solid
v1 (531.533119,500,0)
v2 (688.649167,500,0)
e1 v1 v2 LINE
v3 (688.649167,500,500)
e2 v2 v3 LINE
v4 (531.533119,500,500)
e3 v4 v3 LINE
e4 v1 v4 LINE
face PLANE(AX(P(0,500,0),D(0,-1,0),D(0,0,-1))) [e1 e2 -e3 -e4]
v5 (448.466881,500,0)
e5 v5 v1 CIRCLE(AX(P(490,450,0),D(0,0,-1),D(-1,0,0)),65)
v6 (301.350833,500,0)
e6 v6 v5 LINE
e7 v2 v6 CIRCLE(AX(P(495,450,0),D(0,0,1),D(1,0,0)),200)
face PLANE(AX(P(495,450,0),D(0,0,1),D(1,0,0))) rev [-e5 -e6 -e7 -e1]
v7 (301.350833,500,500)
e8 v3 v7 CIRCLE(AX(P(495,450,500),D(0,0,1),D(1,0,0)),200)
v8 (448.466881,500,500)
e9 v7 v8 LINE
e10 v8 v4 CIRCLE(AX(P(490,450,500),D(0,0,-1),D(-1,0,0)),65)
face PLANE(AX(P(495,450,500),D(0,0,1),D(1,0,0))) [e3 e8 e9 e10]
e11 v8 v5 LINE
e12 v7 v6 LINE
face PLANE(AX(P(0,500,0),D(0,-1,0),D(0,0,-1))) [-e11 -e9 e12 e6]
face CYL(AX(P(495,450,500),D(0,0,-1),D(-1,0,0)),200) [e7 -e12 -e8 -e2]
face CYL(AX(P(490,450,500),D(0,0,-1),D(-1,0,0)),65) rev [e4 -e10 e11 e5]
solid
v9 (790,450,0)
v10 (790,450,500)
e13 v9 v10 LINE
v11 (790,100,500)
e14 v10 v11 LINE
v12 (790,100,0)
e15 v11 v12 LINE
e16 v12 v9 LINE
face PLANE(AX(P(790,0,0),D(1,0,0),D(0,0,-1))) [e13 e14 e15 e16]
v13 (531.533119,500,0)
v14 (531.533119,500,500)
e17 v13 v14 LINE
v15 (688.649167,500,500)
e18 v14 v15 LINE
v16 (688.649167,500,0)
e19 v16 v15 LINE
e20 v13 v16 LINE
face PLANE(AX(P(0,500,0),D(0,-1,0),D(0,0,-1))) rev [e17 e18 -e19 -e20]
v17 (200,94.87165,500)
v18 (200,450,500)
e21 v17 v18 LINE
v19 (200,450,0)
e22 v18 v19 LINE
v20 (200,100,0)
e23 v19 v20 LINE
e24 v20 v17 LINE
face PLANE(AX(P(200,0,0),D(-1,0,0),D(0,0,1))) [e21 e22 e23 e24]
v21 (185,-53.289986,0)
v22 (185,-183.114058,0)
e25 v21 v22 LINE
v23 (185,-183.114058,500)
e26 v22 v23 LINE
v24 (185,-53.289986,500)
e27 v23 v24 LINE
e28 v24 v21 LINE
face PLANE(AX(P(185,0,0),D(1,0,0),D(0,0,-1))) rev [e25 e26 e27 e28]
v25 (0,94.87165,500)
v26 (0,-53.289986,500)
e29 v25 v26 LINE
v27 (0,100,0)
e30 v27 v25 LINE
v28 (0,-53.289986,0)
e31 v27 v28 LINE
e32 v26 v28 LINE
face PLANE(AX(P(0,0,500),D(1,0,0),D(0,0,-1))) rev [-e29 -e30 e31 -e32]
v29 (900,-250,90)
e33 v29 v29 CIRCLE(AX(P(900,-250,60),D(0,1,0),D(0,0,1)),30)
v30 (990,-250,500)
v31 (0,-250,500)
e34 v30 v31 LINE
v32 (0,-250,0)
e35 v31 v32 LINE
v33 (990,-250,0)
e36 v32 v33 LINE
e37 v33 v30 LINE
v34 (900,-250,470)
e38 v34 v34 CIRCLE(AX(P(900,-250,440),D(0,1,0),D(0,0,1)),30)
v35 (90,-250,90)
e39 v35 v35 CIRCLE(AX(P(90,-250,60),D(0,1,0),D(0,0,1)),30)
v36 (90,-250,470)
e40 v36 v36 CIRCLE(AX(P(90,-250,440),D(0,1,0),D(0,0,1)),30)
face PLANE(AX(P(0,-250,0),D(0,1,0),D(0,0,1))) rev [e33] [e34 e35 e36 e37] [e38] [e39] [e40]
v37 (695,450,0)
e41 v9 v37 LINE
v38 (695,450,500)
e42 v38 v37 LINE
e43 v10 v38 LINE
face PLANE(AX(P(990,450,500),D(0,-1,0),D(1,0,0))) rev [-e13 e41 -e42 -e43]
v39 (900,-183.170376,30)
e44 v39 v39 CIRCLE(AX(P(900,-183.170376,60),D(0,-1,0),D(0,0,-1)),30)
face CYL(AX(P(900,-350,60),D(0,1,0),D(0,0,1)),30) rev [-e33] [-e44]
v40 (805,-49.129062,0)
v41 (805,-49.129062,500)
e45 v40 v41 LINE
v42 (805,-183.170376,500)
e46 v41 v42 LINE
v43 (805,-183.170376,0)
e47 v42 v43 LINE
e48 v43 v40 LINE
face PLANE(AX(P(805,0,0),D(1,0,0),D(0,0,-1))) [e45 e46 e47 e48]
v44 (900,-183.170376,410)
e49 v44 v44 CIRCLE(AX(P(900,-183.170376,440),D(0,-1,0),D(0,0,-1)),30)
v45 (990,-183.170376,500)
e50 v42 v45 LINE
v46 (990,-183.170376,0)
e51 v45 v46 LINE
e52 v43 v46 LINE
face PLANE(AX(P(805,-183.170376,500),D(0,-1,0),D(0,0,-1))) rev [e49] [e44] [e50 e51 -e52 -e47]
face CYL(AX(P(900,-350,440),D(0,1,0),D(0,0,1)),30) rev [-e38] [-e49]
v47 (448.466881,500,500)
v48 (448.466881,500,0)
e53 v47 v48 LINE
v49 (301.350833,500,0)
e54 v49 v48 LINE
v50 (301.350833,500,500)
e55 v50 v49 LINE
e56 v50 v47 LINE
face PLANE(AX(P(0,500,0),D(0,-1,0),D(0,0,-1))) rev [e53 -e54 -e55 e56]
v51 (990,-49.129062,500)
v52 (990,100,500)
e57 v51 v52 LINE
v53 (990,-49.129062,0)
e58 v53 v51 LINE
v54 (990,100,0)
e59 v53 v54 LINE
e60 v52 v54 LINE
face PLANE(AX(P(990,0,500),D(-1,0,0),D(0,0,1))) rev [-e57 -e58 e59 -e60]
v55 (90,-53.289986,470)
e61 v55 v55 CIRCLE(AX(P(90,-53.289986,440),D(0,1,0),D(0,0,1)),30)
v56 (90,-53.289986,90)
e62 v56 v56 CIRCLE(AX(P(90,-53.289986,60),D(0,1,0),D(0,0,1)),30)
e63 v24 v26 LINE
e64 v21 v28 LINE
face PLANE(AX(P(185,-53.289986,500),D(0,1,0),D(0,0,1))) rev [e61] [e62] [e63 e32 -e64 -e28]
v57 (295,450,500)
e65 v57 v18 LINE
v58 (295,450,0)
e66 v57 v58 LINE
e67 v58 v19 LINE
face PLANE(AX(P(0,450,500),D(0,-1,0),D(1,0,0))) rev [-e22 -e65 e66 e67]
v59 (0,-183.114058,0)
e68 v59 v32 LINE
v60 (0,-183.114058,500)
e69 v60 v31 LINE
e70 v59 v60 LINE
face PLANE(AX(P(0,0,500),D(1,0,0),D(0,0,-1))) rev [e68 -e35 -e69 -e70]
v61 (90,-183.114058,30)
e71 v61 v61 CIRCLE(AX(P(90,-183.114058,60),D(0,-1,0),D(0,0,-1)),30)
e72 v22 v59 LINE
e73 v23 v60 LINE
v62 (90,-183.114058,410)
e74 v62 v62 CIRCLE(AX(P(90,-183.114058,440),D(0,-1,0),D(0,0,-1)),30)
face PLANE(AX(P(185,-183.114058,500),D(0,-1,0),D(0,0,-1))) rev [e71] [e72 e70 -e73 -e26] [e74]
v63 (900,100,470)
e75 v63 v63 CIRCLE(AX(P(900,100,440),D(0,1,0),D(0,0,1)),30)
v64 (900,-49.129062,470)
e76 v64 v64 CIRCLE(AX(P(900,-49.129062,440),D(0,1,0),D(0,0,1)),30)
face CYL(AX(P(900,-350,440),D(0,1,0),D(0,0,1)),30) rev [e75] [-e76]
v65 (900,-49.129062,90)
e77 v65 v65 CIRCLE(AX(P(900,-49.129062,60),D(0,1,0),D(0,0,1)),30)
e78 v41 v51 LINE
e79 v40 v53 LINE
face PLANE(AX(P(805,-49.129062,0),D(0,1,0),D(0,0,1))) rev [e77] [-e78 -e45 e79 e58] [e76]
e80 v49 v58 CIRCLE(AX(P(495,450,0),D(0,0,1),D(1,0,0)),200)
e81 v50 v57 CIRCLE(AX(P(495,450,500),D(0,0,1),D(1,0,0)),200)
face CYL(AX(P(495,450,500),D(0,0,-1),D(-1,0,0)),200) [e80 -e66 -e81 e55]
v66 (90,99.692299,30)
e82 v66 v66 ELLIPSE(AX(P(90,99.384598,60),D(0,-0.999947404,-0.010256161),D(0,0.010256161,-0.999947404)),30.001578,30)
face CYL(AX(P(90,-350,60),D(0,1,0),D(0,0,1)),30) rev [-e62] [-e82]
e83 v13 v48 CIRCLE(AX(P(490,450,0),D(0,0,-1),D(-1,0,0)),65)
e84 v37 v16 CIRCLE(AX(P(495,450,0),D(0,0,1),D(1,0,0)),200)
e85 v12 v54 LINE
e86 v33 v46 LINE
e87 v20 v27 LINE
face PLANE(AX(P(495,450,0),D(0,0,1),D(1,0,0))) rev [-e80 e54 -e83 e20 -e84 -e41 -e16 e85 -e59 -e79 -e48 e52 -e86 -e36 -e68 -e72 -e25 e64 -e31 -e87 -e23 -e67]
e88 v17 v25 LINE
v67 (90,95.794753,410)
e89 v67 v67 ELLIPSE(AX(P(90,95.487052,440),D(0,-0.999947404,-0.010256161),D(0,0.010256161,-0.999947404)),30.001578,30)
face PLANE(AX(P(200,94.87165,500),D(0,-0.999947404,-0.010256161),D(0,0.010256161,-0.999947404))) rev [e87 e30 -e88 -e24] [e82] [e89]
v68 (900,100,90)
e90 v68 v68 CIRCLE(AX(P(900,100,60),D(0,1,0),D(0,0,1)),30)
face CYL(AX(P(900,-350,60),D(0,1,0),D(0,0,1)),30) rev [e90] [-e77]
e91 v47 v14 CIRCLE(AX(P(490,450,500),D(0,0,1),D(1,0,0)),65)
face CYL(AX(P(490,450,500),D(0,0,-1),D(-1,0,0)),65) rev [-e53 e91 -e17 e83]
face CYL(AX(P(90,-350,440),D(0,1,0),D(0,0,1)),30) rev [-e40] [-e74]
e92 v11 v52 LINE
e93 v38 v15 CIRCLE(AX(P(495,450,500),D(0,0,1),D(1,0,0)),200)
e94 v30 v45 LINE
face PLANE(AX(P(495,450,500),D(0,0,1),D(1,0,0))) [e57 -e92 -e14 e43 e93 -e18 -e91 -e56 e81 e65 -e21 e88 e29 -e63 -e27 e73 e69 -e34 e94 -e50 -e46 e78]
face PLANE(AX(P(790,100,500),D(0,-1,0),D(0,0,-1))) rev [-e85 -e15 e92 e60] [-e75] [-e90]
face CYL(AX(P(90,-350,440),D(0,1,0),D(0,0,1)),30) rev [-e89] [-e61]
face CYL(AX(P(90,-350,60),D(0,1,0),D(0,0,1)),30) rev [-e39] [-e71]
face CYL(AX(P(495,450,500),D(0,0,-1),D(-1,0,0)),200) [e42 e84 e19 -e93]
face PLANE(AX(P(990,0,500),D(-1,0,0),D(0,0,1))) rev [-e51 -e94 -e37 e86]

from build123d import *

# Parameters (mm, degrees)
BOSS_EXTRU_1_DEPTH       = 500
ESQUISSE2_W              = 990
ESQUISSE2_H              = 500
BOSS_EXTRU_2_DEPTH       = 250
ENL_V_MAT_EXTRU_6_DEPTH  = 200
ESQUISSE15_W             = 500
ESQUISSE15_H             = 350
ENL_V_MAT_EXTRU_7_DEPTH  = 200
ESQUISSE16_W             = 500
ESQUISSE16_H             = 134.041314403
ENL_V_MAT_EXTRU_8_DEPTH  = 185
ESQUISSE17_W             = 500
ESQUISSE17_H             = 129.824071981
ENL_V_MAT_EXTRU_9_DEPTH  = 185
ESQUISSE18_R             = 30
ENL_V_MAT_EXTRU_10_DEPTH = 450
ESQUISSE19_R             = 65
ENL_V_MAT_EXTRU_11_DEPTH = 500


with BuildPart() as part:
    # Esquisse1 → Boss.-Extru.1 (new body)
    with BuildSketch(Plane.XY):
        with BuildLine():
            Line((0, 0), (990, 0))
            Line((990, 0), (990, 450))
            Line((990, 450), (695, 450))
            ThreePointArc((695, 450), (495, 650), (295, 450))
            Line((295, 450), (0, 450))
            Line((0, 450), (0, 0))
        make_face()
    extrude(amount=BOSS_EXTRU_1_DEPTH)

    # Esquisse2 → Boss.-Extru.2 (add)
    with BuildSketch(Plane.XZ):
        with Locations((495, 250)):
            Rectangle(ESQUISSE2_W, ESQUISSE2_H)
    extrude(amount=BOSS_EXTRU_2_DEPTH)


with BuildPart() as body_2:
    # Fractionner2: the piece on the far side of the plane
    add(part.part)
    split(bisect_by=Plane(origin=(0, 500, 0), x_dir=(0, 0, -1), z_dir=(0, -1, 0)), keep=Keep.BOTTOM)


with BuildPart() as part_1:
    add(part.part)

    # Fractionner2
    split(bisect_by=Plane(origin=(0, 500, 0), x_dir=(0, 0, -1), z_dir=(0, -1, 0)), keep=Keep.TOP)

    # Esquisse14 → Enlèv. mat.-Extru.6 (cut)
    with BuildSketch(Plane.ZY):
        Polygon((500, 94.871649535), (0, 100), (0, 450), (500, 450), align=None)
    extrude(amount=-ENL_V_MAT_EXTRU_6_DEPTH, mode=Mode.SUBTRACT)

    # Esquisse15 → Enlèv. mat.-Extru.7 (cut)
    with BuildSketch(Plane(origin=(990, 0, 0), x_dir=(0, 0, -1), z_dir=(1, 0, 0))):
        with Locations((-250, 275)):
            Rectangle(ESQUISSE15_W, ESQUISSE15_H)
    extrude(amount=-ENL_V_MAT_EXTRU_7_DEPTH, mode=Mode.SUBTRACT)

    # Esquisse16 → Enlèv. mat.-Extru.8 (cut)
    with BuildSketch(Plane(origin=(990, 0, 0), x_dir=(0, 0, -1), z_dir=(1, 0, 0))):
        with Locations((-250, -116.14971871)):
            Rectangle(ESQUISSE16_W, ESQUISSE16_H)
    extrude(amount=-ENL_V_MAT_EXTRU_8_DEPTH, mode=Mode.SUBTRACT)

    # Esquisse17 → Enlèv. mat.-Extru.9 (cut)
    with BuildSketch(Plane.ZY):
        with Locations((250, -118.202021533)):
            Rectangle(ESQUISSE17_W, ESQUISSE17_H)
    extrude(amount=-ENL_V_MAT_EXTRU_9_DEPTH, mode=Mode.SUBTRACT)

    # Esquisse18 → Enlèv. mat.-Extru.10 (cut)
    with BuildSketch(Plane(origin=(0, 100, 0), x_dir=(1, 0, 0), z_dir=(0, 1, 0))):
        with Locations(Location((900, -440, 0), (0, 0, 270))):
            Circle(ESQUISSE18_R)
        with Locations(Location((900, -60, 0), (0, 0, 270))):
            Circle(ESQUISSE18_R)
        with Locations(Location((90, -440, 0), (0, 0, 270))):
            Circle(ESQUISSE18_R)
        with Locations(Location((90, -60, 0), (0, 0, 270))):
            Circle(ESQUISSE18_R)
    extrude(amount=-ENL_V_MAT_EXTRU_10_DEPTH, mode=Mode.SUBTRACT)


with BuildPart() as enl_v_mat_extru_11_tool:
    # Esquisse19 → Enlèv. mat.-Extru.11 (new body)
    with BuildSketch(Plane(origin=(0, 0, 0), x_dir=(-1, 0, 0), z_dir=(0, 0, -1))):
        with Locations((-490, 450)):
            Circle(ESQUISSE19_R)
    extrude(amount=-ENL_V_MAT_EXTRU_11_DEPTH)


with BuildPart() as part_2:
    add(part_1.part)

    # Enlèv. mat.-Extru.11: cut by enl_v_mat_extru_11_tool
    add(enl_v_mat_extru_11_tool.part, mode=Mode.SUBTRACT)


with BuildPart() as body_2_1:
    add(body_2.part)

    # Enlèv. mat.-Extru.11: cut by enl_v_mat_extru_11_tool
    add(enl_v_mat_extru_11_tool.part, mode=Mode.SUBTRACT)


solid = Compound([part_2.part, body_2_1.part])
